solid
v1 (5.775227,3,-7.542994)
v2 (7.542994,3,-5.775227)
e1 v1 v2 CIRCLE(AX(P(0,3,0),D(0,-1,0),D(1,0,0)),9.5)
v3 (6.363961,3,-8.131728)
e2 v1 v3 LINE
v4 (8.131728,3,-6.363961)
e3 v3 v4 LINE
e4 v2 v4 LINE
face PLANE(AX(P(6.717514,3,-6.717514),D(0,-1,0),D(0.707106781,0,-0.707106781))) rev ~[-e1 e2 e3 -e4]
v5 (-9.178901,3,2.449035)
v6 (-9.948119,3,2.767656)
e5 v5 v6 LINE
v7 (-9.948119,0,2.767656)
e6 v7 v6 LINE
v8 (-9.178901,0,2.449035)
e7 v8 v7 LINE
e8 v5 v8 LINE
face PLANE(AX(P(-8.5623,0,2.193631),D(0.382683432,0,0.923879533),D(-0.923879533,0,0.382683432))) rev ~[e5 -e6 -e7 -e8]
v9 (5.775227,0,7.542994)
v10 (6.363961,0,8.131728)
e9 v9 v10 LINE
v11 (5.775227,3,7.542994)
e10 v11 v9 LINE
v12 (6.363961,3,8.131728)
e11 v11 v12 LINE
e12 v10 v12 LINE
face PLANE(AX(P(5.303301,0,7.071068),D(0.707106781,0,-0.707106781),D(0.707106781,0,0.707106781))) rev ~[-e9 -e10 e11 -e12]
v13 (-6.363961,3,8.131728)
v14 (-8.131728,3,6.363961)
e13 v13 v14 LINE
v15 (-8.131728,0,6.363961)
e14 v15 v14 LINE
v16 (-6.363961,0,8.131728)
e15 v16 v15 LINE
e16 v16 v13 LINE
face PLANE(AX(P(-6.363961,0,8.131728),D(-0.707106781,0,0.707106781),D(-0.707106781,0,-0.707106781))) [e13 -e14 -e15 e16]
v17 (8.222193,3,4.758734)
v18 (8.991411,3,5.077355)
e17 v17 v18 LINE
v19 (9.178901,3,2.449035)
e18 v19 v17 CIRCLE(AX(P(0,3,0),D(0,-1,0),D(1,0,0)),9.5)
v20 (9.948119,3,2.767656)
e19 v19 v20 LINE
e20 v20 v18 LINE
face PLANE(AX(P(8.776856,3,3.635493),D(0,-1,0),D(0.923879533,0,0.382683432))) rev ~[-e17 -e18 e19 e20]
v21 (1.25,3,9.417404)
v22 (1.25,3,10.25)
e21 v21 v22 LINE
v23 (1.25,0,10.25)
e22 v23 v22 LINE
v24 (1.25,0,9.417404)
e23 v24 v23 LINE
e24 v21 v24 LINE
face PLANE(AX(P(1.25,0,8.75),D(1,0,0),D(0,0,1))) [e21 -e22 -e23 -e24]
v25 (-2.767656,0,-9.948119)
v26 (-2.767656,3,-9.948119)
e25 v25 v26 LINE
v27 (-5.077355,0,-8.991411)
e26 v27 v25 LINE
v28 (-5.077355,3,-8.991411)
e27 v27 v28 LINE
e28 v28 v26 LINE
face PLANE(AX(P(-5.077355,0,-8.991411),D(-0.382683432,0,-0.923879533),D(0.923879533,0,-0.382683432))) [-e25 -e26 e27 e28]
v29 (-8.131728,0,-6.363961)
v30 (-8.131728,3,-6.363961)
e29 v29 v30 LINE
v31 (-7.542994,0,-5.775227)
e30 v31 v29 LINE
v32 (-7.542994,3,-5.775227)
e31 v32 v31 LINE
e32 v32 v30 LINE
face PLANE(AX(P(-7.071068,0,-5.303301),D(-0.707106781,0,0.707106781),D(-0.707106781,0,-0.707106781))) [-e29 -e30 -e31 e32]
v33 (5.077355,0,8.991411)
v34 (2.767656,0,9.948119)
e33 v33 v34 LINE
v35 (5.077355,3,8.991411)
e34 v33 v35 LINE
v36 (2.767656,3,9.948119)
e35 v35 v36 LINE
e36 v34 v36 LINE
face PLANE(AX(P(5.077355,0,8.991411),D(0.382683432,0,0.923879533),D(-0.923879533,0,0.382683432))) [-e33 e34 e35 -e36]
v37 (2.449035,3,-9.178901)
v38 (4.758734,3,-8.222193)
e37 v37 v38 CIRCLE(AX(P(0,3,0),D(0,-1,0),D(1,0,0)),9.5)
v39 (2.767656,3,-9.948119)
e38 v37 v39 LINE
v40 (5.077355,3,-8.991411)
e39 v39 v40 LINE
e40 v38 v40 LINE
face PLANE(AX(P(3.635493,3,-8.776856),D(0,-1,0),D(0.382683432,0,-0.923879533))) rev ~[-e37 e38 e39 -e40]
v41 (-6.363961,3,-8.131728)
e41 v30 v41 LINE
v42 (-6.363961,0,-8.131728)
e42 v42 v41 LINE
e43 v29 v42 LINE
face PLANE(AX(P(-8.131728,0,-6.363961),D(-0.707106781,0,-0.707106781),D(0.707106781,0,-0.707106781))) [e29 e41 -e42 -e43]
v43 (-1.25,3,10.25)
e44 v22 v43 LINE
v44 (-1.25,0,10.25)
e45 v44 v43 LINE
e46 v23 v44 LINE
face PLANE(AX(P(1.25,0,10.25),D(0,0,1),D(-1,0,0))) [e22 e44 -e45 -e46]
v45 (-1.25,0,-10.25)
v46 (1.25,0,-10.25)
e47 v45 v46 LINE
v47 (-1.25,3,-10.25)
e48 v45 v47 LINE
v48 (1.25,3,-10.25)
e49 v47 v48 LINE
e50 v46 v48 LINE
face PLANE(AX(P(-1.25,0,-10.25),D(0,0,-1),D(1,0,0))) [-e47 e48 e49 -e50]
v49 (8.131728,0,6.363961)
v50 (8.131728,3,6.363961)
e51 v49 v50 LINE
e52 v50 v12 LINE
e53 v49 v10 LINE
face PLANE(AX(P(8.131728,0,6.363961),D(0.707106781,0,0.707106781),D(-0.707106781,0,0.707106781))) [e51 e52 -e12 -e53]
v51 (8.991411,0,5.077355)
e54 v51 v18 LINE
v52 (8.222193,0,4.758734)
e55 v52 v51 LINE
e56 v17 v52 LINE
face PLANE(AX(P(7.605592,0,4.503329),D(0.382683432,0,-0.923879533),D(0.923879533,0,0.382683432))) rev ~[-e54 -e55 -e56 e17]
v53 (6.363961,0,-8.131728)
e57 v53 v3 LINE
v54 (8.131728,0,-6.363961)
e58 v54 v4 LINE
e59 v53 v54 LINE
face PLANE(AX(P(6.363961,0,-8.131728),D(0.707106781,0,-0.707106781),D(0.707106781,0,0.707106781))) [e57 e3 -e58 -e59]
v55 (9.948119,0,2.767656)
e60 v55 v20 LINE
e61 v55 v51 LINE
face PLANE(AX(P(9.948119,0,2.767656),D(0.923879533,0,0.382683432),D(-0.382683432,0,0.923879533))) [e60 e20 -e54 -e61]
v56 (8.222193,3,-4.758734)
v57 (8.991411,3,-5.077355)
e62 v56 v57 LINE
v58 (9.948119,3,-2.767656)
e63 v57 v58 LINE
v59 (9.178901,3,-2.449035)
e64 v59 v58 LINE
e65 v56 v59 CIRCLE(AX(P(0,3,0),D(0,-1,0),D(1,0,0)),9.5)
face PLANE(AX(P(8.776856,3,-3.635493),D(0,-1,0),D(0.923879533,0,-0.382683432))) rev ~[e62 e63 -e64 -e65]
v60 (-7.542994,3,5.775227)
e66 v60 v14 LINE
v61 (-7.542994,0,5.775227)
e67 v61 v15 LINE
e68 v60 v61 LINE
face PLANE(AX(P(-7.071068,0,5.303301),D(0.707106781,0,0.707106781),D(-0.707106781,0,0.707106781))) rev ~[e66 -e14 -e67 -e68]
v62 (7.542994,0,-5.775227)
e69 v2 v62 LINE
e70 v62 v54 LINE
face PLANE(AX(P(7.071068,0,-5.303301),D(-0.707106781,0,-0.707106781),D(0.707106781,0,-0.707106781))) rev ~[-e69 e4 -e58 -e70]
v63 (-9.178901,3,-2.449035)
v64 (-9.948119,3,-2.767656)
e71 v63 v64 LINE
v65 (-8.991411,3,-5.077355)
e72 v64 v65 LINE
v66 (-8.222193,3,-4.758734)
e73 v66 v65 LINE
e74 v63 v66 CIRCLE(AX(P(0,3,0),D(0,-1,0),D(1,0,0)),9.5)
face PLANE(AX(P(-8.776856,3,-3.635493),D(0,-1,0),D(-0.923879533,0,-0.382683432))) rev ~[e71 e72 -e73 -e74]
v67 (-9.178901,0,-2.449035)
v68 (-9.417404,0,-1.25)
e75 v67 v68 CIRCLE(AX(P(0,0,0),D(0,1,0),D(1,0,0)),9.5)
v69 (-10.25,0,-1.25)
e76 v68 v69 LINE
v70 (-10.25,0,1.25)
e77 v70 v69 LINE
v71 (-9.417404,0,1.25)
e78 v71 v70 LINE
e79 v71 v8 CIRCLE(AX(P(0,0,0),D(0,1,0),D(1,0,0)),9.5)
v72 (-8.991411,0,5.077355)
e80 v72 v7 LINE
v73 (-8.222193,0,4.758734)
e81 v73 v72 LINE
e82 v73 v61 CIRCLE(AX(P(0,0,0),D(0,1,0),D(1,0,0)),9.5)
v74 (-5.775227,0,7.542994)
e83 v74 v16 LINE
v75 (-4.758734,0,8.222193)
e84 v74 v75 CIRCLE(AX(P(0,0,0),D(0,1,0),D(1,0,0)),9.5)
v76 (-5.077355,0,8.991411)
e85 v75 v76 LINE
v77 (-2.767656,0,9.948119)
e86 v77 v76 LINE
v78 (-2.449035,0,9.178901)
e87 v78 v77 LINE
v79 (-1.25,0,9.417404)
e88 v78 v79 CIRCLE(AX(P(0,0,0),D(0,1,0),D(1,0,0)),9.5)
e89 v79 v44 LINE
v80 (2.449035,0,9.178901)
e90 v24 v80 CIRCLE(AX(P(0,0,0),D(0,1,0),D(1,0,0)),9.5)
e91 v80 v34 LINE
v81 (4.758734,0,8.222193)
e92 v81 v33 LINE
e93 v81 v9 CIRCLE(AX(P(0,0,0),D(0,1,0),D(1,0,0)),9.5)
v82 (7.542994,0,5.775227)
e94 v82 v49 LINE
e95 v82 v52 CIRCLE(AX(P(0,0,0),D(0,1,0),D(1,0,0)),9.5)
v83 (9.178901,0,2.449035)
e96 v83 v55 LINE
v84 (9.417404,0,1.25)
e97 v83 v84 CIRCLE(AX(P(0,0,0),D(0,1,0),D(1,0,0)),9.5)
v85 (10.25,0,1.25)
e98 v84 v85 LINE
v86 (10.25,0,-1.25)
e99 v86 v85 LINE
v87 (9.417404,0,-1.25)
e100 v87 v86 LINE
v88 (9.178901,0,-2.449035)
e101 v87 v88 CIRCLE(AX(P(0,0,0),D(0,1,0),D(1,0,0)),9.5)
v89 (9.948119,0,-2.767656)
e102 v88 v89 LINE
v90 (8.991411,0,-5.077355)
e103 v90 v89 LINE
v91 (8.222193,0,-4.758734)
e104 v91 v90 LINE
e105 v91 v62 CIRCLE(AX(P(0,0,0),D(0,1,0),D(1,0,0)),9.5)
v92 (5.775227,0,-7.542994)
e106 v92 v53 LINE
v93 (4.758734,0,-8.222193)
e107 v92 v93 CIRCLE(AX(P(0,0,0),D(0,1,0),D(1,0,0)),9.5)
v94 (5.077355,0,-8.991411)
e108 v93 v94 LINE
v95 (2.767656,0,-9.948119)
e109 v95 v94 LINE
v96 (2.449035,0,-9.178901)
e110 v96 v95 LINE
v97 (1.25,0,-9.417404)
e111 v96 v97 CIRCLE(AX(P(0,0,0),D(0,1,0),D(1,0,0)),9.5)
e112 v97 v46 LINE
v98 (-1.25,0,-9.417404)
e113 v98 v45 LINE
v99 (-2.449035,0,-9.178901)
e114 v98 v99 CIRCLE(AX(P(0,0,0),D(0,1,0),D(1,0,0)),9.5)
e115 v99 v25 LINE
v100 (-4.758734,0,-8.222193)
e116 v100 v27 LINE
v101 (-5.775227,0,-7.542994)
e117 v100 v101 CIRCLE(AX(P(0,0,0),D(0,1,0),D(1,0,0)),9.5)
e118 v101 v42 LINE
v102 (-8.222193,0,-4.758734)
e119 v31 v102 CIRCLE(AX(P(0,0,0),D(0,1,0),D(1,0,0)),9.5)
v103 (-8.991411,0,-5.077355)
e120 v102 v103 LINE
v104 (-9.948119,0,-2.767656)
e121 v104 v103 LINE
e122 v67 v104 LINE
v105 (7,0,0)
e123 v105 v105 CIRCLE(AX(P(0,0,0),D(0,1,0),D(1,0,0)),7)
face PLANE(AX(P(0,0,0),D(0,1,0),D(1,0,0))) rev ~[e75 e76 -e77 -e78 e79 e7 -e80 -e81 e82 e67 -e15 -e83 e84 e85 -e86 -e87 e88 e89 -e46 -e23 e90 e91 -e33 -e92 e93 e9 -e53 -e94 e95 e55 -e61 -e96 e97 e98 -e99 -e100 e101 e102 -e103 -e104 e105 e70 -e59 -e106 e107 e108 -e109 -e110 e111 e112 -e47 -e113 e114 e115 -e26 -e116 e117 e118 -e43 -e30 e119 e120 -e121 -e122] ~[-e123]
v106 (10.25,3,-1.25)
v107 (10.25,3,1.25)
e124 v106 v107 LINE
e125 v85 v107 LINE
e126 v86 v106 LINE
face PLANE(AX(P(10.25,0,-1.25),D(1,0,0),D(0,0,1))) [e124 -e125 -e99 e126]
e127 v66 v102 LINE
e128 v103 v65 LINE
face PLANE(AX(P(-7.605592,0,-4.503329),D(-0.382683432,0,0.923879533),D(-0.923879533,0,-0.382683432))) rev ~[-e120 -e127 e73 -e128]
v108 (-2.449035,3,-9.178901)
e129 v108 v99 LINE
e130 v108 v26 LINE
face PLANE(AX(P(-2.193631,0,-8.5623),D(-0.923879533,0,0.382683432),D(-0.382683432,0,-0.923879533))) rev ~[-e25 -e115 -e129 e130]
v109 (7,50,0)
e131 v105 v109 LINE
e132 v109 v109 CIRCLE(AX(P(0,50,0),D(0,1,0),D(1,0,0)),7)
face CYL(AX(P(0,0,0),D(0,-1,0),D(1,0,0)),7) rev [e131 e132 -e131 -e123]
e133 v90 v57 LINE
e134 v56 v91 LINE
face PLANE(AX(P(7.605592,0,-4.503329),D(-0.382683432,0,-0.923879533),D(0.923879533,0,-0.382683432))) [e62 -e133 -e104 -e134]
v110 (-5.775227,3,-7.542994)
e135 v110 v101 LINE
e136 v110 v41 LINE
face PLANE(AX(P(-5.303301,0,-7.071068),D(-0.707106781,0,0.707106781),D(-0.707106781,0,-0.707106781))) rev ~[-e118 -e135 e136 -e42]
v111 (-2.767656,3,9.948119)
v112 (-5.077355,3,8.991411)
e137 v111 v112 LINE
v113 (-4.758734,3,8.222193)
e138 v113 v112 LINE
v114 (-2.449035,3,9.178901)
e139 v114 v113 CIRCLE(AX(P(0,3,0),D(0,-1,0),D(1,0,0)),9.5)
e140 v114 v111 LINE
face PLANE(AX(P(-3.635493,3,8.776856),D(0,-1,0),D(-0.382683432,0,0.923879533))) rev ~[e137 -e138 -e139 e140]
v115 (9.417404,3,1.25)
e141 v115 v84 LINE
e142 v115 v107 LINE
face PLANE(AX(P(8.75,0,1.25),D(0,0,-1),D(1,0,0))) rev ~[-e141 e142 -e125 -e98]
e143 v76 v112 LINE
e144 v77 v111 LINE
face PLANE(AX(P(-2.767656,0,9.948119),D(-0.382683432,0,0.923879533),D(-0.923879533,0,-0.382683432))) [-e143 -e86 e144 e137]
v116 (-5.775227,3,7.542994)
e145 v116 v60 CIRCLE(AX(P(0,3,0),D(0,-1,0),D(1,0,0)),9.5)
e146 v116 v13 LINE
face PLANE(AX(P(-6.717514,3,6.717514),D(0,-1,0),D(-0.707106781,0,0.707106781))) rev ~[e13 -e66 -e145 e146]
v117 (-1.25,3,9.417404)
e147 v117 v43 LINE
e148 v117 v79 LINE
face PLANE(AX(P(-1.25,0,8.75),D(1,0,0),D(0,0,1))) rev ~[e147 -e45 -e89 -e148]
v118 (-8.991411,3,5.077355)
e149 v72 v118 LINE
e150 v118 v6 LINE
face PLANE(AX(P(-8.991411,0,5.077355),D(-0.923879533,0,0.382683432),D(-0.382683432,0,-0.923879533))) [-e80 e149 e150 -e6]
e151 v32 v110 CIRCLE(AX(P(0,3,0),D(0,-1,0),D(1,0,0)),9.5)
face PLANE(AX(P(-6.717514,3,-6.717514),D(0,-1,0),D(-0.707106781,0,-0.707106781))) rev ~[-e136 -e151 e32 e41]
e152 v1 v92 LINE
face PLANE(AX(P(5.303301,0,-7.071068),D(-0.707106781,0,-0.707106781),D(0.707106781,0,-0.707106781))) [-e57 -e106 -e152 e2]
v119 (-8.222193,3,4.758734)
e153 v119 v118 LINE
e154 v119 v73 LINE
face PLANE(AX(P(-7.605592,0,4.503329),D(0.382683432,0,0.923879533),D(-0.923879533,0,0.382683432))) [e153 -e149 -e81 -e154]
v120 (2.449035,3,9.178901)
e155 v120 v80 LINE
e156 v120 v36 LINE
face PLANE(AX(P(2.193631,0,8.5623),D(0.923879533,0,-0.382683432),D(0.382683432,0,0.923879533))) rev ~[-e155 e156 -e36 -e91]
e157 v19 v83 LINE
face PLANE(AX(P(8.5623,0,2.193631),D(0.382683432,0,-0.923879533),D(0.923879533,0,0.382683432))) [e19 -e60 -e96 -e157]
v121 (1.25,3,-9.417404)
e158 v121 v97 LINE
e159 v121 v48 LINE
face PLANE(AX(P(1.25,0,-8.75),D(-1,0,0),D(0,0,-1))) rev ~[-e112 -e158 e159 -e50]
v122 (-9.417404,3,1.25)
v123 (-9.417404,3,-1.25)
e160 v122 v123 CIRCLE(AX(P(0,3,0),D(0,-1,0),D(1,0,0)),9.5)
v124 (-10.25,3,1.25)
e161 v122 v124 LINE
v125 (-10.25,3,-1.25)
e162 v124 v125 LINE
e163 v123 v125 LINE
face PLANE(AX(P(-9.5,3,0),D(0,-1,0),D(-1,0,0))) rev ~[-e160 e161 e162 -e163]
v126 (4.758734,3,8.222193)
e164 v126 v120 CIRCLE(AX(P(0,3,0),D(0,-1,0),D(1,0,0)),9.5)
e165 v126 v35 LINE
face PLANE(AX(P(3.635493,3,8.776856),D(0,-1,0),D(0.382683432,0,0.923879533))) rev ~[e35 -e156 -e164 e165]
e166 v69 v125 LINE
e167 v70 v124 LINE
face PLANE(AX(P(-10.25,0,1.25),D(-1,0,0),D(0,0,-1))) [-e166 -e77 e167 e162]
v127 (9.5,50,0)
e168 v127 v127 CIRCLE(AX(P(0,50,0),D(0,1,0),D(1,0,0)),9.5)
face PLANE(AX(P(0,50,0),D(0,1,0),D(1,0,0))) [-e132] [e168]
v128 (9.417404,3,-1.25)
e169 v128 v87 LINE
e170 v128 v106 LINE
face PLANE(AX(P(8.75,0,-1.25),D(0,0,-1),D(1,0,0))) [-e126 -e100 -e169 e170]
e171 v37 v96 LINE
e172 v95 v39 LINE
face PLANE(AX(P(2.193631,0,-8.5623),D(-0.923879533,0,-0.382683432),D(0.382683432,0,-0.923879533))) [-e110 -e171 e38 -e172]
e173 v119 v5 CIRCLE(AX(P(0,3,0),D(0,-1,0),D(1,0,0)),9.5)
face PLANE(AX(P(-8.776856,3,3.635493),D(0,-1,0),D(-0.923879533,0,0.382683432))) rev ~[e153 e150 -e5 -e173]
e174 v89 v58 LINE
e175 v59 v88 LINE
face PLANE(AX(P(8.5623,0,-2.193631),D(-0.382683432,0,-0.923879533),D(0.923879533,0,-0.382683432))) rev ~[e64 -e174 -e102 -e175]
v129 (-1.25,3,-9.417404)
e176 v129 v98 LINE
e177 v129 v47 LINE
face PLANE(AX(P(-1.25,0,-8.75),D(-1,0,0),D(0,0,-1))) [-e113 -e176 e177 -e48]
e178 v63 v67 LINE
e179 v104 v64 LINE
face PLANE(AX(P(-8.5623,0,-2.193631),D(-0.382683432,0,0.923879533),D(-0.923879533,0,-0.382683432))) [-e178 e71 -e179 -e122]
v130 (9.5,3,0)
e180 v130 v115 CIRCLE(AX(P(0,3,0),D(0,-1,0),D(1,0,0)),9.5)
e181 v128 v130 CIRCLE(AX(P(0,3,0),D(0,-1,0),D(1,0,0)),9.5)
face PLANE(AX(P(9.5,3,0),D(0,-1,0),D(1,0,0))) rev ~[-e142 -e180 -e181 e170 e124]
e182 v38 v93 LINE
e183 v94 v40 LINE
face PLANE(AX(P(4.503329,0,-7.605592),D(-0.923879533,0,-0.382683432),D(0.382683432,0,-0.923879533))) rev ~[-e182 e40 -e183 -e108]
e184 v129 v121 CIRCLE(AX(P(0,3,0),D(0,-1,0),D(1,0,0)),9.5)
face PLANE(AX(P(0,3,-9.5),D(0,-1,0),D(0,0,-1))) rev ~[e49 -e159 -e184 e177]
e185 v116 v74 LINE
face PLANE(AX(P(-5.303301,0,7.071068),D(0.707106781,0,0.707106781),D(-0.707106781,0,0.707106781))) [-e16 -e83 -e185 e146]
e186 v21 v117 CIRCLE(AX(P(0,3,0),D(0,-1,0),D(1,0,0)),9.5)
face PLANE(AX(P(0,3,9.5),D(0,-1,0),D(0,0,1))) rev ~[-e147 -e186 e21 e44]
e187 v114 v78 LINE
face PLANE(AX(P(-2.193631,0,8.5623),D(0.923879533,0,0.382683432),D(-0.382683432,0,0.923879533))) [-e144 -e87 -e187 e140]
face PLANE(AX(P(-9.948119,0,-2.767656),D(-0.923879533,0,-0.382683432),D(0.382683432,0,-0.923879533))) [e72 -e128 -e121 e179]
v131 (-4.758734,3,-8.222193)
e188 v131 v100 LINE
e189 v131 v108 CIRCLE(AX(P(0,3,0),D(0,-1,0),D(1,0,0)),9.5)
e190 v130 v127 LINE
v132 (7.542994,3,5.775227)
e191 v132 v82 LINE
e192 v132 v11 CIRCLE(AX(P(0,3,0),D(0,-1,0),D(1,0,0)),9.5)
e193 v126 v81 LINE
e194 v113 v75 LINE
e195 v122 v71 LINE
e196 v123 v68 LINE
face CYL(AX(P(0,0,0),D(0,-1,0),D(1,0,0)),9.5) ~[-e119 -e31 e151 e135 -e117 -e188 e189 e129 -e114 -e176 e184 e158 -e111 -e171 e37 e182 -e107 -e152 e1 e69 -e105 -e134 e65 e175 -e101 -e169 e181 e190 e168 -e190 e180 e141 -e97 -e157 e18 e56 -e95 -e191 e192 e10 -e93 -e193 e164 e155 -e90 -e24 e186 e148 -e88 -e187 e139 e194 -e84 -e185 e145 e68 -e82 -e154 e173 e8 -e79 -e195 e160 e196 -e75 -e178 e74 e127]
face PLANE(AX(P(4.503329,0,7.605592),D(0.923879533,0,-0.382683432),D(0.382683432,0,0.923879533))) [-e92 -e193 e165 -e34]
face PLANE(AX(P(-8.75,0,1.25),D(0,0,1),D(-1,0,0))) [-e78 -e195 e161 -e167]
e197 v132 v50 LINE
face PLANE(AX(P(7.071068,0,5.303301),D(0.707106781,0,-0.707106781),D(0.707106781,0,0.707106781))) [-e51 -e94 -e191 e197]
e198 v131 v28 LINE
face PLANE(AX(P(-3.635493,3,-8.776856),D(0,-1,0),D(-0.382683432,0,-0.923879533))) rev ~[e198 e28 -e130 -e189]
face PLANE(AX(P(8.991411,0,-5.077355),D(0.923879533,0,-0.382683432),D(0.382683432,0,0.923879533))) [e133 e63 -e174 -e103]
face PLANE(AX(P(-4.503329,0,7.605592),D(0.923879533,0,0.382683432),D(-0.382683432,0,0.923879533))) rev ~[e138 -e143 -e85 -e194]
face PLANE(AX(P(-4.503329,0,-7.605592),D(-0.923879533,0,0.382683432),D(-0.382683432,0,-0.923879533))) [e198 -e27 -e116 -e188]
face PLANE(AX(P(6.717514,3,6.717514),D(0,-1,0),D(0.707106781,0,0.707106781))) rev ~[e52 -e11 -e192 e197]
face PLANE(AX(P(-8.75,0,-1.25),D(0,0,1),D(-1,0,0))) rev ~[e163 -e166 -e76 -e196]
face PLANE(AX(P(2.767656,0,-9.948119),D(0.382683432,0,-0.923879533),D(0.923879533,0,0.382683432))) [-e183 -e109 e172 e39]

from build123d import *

# Parameters (mm, degrees)
SKETCH_1_R               = 9.5
SKETCH_1_R_2             = 7
EXTRUDE_1_DEPTH          = 50
SKETCH_2_W               = 1.5
SKETCH_2_H               = 2.5
EXTRUDE_2_DEPTH          = 3
PATTERN_CIRCULAR_1_COUNT = 16


with BuildPart() as part:
    # 草图1 → 凸台-拉伸1 (new body)
    with BuildSketch(Plane(origin=(0, 0, 0), x_dir=(1, 0, 0), z_dir=(0, 1, 0))):
        Circle(SKETCH_1_R)
        Circle(SKETCH_1_R_2, mode=Mode.SUBTRACT)
    extrude(amount=EXTRUDE_1_DEPTH)

    # 草图2 → 凸台-拉伸2 (add)
    with BuildSketch(Plane(origin=(0, 0, 0), x_dir=(-1, 0, 0), z_dir=(0, -1, 0))):
        with Locations((9.5, 0)):
            Rectangle(SKETCH_2_W, SKETCH_2_H)
    extrude_2 = extrude(amount=-EXTRUDE_2_DEPTH)

    # 阵列(圆周)1: 凸台-拉伸2 ×16 about axis
    pattern_circular_1_axis = Axis((0, 0, 0), (0, 1, 0))
    for i in range(1, PATTERN_CIRCULAR_1_COUNT):
        add(extrude_2.rotate(pattern_circular_1_axis, i * 360 / PATTERN_CIRCULAR_1_COUNT))


solid = part.part
